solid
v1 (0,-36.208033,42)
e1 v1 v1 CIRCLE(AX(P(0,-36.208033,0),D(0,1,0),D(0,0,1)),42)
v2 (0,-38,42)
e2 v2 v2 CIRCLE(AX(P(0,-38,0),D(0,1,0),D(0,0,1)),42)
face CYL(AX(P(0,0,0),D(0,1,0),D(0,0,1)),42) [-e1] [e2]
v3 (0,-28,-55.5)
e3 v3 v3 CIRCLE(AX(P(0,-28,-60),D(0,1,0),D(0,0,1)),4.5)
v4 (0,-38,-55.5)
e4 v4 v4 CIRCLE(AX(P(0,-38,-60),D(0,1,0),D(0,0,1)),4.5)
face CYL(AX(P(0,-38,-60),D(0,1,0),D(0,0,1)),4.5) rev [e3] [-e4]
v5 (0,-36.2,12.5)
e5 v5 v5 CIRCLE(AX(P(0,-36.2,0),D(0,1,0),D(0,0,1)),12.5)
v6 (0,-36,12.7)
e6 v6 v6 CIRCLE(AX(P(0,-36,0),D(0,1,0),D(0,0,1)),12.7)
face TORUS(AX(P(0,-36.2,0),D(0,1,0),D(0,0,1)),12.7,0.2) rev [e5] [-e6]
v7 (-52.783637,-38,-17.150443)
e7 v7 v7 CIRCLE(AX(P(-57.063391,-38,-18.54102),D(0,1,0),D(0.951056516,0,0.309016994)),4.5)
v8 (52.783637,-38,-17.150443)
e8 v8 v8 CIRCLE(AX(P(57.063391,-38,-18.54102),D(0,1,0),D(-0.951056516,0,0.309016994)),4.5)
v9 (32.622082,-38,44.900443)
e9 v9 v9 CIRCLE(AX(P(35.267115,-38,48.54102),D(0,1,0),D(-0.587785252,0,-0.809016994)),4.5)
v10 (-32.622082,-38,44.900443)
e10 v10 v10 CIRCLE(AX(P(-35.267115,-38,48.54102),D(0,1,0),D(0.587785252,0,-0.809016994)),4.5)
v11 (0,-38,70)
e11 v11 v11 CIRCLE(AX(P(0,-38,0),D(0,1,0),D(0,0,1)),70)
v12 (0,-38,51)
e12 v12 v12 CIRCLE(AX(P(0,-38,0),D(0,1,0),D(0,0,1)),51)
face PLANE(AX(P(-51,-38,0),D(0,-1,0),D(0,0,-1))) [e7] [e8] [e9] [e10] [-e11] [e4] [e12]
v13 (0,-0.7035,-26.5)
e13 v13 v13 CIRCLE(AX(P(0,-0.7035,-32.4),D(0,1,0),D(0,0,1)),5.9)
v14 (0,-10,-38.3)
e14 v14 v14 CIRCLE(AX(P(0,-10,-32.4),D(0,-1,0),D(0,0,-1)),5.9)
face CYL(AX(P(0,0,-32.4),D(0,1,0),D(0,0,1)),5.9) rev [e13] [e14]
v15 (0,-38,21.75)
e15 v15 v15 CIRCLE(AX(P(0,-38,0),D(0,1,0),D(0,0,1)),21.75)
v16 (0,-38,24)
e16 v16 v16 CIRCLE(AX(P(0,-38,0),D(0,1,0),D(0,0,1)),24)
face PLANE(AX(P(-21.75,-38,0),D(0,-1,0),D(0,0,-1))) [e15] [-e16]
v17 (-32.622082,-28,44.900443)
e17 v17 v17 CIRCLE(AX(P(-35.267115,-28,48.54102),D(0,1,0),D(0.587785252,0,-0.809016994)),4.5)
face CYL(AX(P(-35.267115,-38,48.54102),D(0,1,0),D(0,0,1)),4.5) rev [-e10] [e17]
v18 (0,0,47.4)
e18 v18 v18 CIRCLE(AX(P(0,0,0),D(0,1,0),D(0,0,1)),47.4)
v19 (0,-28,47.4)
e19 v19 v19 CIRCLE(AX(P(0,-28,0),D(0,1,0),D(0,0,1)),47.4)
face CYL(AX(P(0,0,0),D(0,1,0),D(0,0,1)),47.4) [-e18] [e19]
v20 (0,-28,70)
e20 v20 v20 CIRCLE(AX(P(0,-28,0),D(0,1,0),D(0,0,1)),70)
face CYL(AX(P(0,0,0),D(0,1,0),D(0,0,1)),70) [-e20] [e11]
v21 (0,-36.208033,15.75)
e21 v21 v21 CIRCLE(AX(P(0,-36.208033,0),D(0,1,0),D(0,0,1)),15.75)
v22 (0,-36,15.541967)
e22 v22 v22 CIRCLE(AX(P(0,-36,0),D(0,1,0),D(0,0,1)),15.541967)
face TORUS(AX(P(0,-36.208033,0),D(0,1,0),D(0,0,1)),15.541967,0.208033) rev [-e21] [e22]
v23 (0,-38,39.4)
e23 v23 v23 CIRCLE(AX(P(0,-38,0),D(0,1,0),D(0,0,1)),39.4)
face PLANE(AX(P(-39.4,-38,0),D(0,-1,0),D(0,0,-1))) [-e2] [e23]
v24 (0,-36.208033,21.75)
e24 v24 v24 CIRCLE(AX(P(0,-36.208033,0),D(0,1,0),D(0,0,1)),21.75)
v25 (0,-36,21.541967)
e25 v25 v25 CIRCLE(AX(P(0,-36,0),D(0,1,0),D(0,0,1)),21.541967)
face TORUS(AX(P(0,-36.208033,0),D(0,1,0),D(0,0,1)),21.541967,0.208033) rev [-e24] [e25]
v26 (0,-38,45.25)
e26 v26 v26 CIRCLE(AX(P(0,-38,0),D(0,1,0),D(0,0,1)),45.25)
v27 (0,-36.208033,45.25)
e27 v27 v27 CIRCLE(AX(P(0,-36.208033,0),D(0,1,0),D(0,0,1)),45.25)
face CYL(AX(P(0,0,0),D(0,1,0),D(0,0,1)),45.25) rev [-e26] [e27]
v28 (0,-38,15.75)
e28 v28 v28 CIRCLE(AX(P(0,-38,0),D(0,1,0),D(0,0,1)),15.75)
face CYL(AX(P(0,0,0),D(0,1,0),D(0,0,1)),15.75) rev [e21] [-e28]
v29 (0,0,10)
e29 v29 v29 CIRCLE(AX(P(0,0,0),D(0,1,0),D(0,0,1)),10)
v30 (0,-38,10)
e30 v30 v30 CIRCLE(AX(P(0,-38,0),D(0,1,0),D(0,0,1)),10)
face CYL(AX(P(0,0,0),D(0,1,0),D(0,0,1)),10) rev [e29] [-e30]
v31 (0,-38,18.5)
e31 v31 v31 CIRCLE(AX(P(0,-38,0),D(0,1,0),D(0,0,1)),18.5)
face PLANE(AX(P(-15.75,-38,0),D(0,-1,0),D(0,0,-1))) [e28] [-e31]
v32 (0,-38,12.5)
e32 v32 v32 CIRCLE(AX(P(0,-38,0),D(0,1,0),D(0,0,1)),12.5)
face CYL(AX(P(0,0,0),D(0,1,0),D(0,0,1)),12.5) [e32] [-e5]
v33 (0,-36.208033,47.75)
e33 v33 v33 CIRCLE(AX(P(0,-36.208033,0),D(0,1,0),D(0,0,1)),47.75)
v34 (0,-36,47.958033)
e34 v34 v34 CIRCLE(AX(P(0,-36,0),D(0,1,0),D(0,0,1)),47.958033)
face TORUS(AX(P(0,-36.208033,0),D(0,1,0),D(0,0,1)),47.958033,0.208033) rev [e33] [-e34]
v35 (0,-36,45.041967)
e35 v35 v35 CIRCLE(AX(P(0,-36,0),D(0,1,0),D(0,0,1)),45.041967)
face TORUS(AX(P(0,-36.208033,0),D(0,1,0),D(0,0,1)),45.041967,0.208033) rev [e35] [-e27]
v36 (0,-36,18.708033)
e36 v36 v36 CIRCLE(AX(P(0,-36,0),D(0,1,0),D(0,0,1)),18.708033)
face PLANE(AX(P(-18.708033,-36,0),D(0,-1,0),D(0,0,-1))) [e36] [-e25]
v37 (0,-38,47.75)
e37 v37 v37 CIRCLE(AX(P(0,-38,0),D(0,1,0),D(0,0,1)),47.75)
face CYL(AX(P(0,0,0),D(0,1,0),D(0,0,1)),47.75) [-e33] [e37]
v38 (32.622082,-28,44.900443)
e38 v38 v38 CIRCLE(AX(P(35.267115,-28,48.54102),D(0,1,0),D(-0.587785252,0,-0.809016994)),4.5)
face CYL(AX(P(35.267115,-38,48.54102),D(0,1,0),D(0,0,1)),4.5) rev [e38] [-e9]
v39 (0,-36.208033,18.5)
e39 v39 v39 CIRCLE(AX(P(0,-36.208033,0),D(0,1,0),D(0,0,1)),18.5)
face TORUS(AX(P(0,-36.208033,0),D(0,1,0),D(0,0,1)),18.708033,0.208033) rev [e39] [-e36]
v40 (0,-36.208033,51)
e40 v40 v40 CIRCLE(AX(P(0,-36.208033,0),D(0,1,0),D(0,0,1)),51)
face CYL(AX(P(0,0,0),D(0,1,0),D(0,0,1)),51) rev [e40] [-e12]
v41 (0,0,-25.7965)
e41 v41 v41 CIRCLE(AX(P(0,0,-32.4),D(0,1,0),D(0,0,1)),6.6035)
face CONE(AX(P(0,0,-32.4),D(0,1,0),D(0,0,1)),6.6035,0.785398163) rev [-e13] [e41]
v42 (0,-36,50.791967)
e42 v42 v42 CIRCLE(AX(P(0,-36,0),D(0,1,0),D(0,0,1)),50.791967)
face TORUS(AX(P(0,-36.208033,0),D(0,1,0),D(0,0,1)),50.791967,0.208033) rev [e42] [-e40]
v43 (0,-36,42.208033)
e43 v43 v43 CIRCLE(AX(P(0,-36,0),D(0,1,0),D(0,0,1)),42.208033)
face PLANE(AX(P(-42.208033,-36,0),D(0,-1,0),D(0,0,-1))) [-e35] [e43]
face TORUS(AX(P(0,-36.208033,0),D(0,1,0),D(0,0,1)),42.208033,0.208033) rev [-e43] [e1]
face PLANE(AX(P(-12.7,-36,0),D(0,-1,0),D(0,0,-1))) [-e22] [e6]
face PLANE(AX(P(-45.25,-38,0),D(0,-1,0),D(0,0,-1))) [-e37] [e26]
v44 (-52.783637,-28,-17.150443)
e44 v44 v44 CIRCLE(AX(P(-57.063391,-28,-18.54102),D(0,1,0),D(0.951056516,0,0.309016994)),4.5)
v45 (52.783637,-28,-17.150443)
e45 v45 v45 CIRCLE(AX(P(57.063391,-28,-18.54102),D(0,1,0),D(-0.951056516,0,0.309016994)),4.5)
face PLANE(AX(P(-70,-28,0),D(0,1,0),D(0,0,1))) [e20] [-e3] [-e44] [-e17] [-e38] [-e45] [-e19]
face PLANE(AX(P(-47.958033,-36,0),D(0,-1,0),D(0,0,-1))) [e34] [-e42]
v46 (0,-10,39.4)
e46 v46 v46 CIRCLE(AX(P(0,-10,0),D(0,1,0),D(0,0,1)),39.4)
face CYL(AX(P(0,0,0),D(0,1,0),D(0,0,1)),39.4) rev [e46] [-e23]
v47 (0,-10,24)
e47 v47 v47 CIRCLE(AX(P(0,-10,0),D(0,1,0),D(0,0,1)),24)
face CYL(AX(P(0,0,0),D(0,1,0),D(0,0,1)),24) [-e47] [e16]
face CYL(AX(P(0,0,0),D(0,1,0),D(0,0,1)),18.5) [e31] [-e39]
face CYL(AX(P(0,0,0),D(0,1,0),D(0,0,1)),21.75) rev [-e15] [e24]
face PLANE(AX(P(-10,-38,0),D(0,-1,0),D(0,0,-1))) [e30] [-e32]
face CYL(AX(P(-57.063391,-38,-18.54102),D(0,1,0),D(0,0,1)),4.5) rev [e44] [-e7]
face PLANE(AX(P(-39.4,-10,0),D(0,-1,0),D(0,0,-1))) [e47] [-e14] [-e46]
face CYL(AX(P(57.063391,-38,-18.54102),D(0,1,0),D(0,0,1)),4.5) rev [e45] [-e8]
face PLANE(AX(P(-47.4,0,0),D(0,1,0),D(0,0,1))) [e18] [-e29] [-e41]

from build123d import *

# Parameters (mm, degrees)
G1_4_TAPPED_HOLE1_D           = 11.8
G1_4_TAPPED_HOLE1_CSINK_D     = 13.207
G1_4_TAPPED_HOLE1_CSINK_ANGLE = 90
SKETCH5_R                     = 4.5
CUT_EXTRUDE1_DEPTH            = 10
CIRPATTERN1_COUNT             = 5


with BuildPart() as part:
    # Sketch1 → Revolve1 (revolve)
    with BuildSketch(Plane.XY, mode=Mode.PRIVATE) as revolve1_sk:
        with BuildLine():
            Line((-10, 0), (-10, -38))
            Line((-10, -38), (-12.5, -38))
            Line((-12.5, -38), (-12.5, -36.2))
            ThreePointArc((-12.5, -36.2), (-12.558578644, -36.058578644), (-12.7, -36))
            Line((-12.7, -36), (-15.541966742, -36))
            ThreePointArc((-15.541966742, -36), (-15.689068469, -36.060931531), (-15.75, -36.208033258))
            Line((-15.75, -36.208033258), (-15.75, -38))
            Line((-15.75, -38), (-18.5, -38))
            Line((-18.5, -38), (-18.5, -36.208033258))
            ThreePointArc((-18.5, -36.208033258), (-18.560931531, -36.060931531), (-18.708033258, -36))
            Line((-18.708033258, -36), (-21.541966742, -36))
            ThreePointArc((-21.541966742, -36), (-21.689068469, -36.060931531), (-21.75, -36.208033258))
            Line((-21.75, -36.208033258), (-21.75, -38))
            Line((-21.75, -38), (-24, -38))
            Line((-24, -38), (-24, -10))
            Line((-24, -10), (-39.4, -10))
            Line((-39.4, -10), (-39.4, -38))
            Line((-39.4, -38), (-42, -38))
            Line((-42, -38), (-42, -36.208033258))
            ThreePointArc((-42, -36.208033258), (-42.060931531, -36.060931531), (-42.208033258, -36))
            Line((-42.208033258, -36), (-45.041966742, -36))
            ThreePointArc((-45.041966742, -36), (-45.189068469, -36.060931531), (-45.25, -36.208033258))
            Line((-45.25, -36.208033258), (-45.25, -38))
            Line((-45.25, -38), (-47.75, -38))
            Line((-47.75, -38), (-47.75, -36.208033258))
            ThreePointArc((-47.75, -36.208033258), (-47.810931531, -36.060931531), (-47.958033258, -36))
            Line((-47.958033258, -36), (-50.791966742, -36))
            ThreePointArc((-50.791966742, -36), (-50.939068469, -36.060931531), (-51, -36.208033258))
            Line((-51, -36.208033258), (-51, -38))
            Line((-51, -38), (-70, -38))
            Line((-70, -38), (-70, -28))
            Line((-70, -28), (-47.4, -28))
            Line((-47.4, -28), (-47.4, 0))
            Line((-47.4, 0), (-10, 0))
        make_face()
    revolve(revolve1_sk.sketch.rotate(Axis((0, 0, 0), (0, -1, 0)), 270), axis=Axis((0, 0, 0), (0, -1, 0)))

    # G1/4 Tapped Hole1 (through all)
    with Locations(Plane(origin=(0, 0, 0), x_dir=(1, 0, 0), z_dir=(0, 1, 0))):
        with Locations((0, 32.4)):
            CounterSinkHole(G1_4_TAPPED_HOLE1_D / 2, G1_4_TAPPED_HOLE1_CSINK_D / 2, counter_sink_angle=G1_4_TAPPED_HOLE1_CSINK_ANGLE)

    # Sketch5 → Cut-Extrude1 (cut)
    with BuildSketch(Plane(origin=(0, -28, 0), x_dir=(1, 0, 0), z_dir=(0, 1, 0))):
        with Locations(Location((0, 60, 0), (0, 0, 270))):
            Circle(SKETCH5_R)
    cut_extrude1 = extrude(amount=-CUT_EXTRUDE1_DEPTH, mode=Mode.SUBTRACT)

    # CirPattern1: Cut-Extrude1 ×5 about axis
    cirpattern1_axis = Axis((0, 0, 0), (0, 1, 0))
    for i in range(1, CIRPATTERN1_COUNT):
        add(cut_extrude1.rotate(cirpattern1_axis, i * 360 / CIRPATTERN1_COUNT), mode=Mode.SUBTRACT)


solid = part.part
